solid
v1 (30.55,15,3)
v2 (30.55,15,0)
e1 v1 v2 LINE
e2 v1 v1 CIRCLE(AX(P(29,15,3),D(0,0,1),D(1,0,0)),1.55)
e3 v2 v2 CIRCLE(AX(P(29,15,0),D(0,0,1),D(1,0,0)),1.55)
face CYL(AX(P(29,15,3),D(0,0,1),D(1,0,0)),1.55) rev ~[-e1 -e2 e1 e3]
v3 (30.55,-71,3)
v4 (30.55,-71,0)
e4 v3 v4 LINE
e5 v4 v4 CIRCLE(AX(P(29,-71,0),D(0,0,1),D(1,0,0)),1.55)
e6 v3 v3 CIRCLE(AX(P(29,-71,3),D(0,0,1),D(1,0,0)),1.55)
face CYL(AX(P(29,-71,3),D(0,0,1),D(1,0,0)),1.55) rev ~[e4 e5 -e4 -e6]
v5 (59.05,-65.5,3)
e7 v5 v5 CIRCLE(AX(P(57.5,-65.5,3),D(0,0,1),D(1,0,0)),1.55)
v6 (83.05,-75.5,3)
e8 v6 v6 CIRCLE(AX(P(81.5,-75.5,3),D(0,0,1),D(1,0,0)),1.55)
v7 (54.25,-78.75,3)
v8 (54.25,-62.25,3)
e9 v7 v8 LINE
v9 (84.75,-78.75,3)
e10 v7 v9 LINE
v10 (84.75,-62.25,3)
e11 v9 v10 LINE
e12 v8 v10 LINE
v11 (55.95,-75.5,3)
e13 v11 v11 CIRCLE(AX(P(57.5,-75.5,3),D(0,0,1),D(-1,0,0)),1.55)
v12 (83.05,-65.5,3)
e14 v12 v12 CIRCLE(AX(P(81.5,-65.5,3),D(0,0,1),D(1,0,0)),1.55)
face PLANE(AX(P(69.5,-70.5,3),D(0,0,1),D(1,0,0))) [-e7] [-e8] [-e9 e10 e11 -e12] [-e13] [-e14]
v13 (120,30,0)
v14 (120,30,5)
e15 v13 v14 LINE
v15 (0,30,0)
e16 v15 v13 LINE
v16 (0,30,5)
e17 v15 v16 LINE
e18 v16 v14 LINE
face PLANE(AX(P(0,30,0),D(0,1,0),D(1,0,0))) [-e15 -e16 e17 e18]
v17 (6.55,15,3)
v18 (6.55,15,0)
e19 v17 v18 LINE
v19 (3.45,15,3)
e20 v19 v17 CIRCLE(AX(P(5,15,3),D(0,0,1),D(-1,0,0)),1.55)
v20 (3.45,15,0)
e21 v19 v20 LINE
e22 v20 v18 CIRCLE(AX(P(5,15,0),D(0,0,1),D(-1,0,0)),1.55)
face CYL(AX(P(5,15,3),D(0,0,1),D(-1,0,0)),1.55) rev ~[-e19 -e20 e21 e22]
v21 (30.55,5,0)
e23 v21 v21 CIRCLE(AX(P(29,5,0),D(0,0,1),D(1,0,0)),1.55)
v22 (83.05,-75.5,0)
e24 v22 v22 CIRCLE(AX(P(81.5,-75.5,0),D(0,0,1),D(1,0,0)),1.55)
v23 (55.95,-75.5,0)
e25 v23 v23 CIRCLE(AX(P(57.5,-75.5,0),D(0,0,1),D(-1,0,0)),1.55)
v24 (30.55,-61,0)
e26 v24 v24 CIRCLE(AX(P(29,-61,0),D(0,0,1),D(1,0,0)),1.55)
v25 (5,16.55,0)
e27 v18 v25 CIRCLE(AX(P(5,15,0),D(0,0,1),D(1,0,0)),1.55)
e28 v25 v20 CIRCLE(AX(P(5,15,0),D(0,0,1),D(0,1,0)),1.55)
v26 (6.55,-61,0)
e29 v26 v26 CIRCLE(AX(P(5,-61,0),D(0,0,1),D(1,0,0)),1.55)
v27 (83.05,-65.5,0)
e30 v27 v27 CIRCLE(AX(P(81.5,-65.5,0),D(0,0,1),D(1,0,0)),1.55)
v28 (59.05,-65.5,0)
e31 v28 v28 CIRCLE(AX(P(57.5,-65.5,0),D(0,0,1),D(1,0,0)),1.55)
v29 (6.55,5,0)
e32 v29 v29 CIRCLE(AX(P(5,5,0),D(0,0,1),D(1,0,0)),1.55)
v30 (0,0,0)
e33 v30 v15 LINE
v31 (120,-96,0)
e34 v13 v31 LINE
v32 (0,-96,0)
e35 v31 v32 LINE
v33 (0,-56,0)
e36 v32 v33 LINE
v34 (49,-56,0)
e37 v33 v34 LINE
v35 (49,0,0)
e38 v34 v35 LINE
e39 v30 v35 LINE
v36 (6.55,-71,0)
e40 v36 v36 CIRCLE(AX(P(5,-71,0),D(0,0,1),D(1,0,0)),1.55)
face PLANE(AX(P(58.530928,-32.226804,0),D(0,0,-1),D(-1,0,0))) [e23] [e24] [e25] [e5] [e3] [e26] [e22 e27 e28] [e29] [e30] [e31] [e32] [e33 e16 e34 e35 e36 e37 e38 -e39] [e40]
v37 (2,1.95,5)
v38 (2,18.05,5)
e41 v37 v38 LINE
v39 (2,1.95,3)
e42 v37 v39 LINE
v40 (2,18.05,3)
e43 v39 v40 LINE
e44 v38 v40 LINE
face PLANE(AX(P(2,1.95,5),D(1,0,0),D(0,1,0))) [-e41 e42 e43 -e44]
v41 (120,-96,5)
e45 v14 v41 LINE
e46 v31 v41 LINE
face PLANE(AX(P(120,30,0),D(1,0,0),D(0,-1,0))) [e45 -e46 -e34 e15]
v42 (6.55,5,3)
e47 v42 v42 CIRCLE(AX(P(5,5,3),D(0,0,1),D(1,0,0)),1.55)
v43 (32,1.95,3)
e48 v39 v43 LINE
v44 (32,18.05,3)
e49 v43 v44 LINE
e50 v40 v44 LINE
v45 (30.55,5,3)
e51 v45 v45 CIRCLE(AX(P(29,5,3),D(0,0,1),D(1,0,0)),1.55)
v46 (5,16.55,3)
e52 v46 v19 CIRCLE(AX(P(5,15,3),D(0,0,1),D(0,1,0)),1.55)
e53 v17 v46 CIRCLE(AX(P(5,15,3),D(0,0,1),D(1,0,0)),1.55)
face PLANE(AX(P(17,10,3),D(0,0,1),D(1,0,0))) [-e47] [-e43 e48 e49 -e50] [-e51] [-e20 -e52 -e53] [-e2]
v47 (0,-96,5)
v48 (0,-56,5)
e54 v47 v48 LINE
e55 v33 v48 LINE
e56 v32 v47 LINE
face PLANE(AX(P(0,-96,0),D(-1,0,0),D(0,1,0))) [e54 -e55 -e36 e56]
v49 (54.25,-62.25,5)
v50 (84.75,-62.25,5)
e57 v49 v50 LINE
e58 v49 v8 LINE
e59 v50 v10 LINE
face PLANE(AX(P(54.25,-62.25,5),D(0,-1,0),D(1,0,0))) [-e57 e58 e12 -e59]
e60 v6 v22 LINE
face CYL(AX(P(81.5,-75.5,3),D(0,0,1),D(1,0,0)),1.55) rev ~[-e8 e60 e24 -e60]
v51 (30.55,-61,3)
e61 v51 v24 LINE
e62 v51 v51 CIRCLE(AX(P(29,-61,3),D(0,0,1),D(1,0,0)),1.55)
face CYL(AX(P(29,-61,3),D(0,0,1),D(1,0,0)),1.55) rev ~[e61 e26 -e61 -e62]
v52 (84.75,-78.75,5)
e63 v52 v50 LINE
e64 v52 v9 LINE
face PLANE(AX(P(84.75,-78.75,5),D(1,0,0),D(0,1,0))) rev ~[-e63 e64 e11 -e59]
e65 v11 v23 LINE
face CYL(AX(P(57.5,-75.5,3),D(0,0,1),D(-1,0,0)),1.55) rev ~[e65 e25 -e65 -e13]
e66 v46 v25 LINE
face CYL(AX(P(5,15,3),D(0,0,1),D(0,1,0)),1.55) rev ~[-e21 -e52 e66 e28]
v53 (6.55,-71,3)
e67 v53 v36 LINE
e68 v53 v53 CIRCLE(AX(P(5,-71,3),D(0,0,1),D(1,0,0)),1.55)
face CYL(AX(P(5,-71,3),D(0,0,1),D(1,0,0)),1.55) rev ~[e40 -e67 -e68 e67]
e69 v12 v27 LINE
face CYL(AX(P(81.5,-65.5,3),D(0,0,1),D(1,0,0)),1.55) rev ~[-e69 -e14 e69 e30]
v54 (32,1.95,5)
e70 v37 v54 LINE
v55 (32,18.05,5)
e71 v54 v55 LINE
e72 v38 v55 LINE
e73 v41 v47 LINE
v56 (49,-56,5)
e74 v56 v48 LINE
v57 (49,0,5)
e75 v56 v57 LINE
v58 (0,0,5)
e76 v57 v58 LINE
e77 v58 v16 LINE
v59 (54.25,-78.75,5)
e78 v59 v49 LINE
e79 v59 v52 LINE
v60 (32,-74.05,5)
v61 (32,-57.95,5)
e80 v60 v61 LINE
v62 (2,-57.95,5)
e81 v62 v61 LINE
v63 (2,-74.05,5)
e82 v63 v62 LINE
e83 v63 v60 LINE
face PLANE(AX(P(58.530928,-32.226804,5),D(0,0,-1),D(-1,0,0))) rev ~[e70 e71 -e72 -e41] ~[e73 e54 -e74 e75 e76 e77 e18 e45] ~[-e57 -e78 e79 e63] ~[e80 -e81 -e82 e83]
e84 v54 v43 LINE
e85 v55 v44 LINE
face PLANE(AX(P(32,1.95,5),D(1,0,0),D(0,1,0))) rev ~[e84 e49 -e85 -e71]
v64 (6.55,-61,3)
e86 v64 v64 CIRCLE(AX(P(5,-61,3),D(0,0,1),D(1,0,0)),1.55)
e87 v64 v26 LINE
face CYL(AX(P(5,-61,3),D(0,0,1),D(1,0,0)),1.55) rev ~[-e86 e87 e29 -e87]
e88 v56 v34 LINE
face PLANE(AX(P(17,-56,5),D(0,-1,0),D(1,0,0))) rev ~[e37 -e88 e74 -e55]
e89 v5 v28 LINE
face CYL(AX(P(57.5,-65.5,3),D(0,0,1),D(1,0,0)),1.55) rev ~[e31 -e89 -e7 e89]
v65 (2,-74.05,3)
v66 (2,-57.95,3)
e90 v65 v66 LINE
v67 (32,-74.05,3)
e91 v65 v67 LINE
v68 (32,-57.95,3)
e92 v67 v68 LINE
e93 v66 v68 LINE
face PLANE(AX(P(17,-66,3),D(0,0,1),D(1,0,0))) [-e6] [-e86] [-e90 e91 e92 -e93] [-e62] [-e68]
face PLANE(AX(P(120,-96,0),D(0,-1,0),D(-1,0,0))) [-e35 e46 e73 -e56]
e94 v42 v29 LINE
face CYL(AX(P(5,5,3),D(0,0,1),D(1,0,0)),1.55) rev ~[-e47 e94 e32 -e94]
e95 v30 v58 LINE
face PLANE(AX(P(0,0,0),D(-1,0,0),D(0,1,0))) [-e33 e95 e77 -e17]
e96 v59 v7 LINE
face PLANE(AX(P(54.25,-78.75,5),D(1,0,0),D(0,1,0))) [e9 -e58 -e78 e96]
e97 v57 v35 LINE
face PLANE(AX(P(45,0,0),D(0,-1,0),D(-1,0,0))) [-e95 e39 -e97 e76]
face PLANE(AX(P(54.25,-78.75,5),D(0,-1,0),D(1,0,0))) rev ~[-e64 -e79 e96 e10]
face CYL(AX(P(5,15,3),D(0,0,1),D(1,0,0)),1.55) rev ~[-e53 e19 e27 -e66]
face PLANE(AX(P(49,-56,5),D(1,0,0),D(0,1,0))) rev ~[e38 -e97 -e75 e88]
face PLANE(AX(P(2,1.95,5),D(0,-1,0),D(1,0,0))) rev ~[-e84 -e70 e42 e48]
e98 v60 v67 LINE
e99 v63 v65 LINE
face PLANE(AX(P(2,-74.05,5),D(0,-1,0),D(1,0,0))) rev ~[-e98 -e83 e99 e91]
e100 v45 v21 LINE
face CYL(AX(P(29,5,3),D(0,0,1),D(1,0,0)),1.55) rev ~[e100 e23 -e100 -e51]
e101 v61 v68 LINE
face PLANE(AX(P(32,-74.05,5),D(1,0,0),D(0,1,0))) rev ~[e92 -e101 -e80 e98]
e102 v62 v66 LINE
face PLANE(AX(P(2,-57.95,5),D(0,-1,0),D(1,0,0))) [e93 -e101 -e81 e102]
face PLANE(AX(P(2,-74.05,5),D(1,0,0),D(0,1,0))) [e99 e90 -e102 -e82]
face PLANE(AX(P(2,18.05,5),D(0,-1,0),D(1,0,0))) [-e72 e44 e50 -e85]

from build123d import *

# Parameters (mm, degrees)
EXTRUDE_2_DEPTH     = 5
SKETCH_3_W          = 30
SKETCH_3_H          = 16.1
CUT_EXTRUDE_1_DEPTH = 2
CUT_EXTRUDE_2_REACH = 155.704
SKETCH_4_R          = 1.55
CUT_EXTRUDE_3_REACH = 155.756
SKETCH_5_W          = 32
SKETCH_5_H          = 56
SKETCH_7_W          = 40.5
SKETCH_7_H          = 40.5
EXTRUDE_4_DEPTH     = 2
SKETCH_8_W          = 30.5
SKETCH_8_H          = 16.5
CUT_EXTRUDE_4_DEPTH = 2
SKETCH_9_R          = 1.55
CUT_EXTRUDE_6_DEPTH = 154.727030805
SKETCH_10_W         = 60
SKETCH_10_H         = 45
EXTRUDE_5_DEPTH     = 2
SKETCH_11_W         = 60
SKETCH_11_H         = 45
CUT_EXTRUDE_8_DEPTH = 2


with BuildPart() as part:
    # 草图1 → 凸台-拉伸2 (new body)
    with BuildSketch(Plane.XY):
        Polygon((0, 0), (0, 30), (120, 30), (120, -96), (0, -96), (0, -56), (45, -56), (45, 0), align=None)
    extrude(amount=EXTRUDE_2_DEPTH)

    # 草图3 → 切除-拉伸1 (cut)
    with BuildSketch(Plane.XY.offset(5)):
        with Locations((17, 10)):
            Rectangle(SKETCH_3_W, SKETCH_3_H)
        with Locations((17, -66)):
            Rectangle(SKETCH_3_W, SKETCH_3_H)
    extrude(amount=-CUT_EXTRUDE_1_DEPTH, mode=Mode.SUBTRACT)

    # 草图4 → 切除-拉伸2 (cut, up to next)
    with BuildSketch(Plane.XY.offset(3), mode=Mode.PRIVATE) as cut_extrude_2_sk1:
        with Locations((29, 15)):
            Circle(SKETCH_4_R)
    cut_extrude_2_tool1 = extrude(cut_extrude_2_sk1.sketch, amount=-CUT_EXTRUDE_2_REACH, mode=Mode.PRIVATE) & part.part
    # 草图4 → 切除-拉伸2 (cut, up to next)
    with BuildSketch(Plane.XY.offset(3), mode=Mode.PRIVATE) as cut_extrude_2_sk2:
        with Locations((29, 5)):
            Circle(SKETCH_4_R)
    cut_extrude_2_tool2 = extrude(cut_extrude_2_sk2.sketch, amount=-CUT_EXTRUDE_2_REACH, mode=Mode.PRIVATE) & part.part
    # 草图4 → 切除-拉伸2 (cut, up to next)
    with BuildSketch(Plane.XY.offset(3), mode=Mode.PRIVATE) as cut_extrude_2_sk3:
        with BuildLine():
            ThreePointArc((5, 16.55), (3.903984489, 16.096015511), (3.45, 15))
            Line((3.45, 15), (5, 15))
            Line((5, 15), (5, 16.55))
        make_face()
    cut_extrude_2_tool3 = extrude(cut_extrude_2_sk3.sketch, amount=-CUT_EXTRUDE_2_REACH, mode=Mode.PRIVATE) & part.part
    # 草图4 → 切除-拉伸2 (cut, up to next)
    with BuildSketch(Plane.XY.offset(3), mode=Mode.PRIVATE) as cut_extrude_2_sk4:
        with BuildLine():
            Line((5, 15), (3.45, 15))
            ThreePointArc((3.45, 15), (5, 13.45), (6.55, 15))
            ThreePointArc((6.55, 15), (6.096015511, 16.096015511), (5, 16.55))
            Line((5, 16.55), (5, 15))
        make_face()
    cut_extrude_2_tool4 = extrude(cut_extrude_2_sk4.sketch, amount=-CUT_EXTRUDE_2_REACH, mode=Mode.PRIVATE) & part.part
    # 草图4 → 切除-拉伸2 (cut, up to next)
    with BuildSketch(Plane.XY.offset(3), mode=Mode.PRIVATE) as cut_extrude_2_sk5:
        with BuildLine():
            ThreePointArc((5, 16.55), (3.903984489, 16.096015511), (3.45, 15))
            Line((3.45, 15), (5, 15))
            Line((5, 15), (5, 16.55))
        make_face()
    cut_extrude_2_tool5 = extrude(cut_extrude_2_sk5.sketch, amount=-CUT_EXTRUDE_2_REACH, mode=Mode.PRIVATE) & part.part
    # 草图4 → 切除-拉伸2 (cut, up to next)
    with BuildSketch(Plane.XY.offset(3), mode=Mode.PRIVATE) as cut_extrude_2_sk6:
        with BuildLine():
            Line((5, 15), (3.45, 15))
            ThreePointArc((3.45, 15), (5, 13.45), (6.55, 15))
            ThreePointArc((6.55, 15), (6.096015511, 16.096015511), (5, 16.55))
            Line((5, 16.55), (5, 15))
        make_face()
    cut_extrude_2_tool6 = extrude(cut_extrude_2_sk6.sketch, amount=-CUT_EXTRUDE_2_REACH, mode=Mode.PRIVATE) & part.part
    # 草图4 → 切除-拉伸2 (cut, up to next)
    with BuildSketch(Plane.XY.offset(3), mode=Mode.PRIVATE) as cut_extrude_2_sk7:
        with Locations((5, 5)):
            Circle(SKETCH_4_R)
    cut_extrude_2_tool7 = extrude(cut_extrude_2_sk7.sketch, amount=-CUT_EXTRUDE_2_REACH, mode=Mode.PRIVATE) & part.part
    # 草图4 → 切除-拉伸2 (cut, up to next)
    with BuildSketch(Plane.XY.offset(3), mode=Mode.PRIVATE) as cut_extrude_2_sk8:
        with Locations((5, -61)):
            Circle(SKETCH_4_R)
    cut_extrude_2_tool8 = extrude(cut_extrude_2_sk8.sketch, amount=-CUT_EXTRUDE_2_REACH, mode=Mode.PRIVATE) & part.part
    # 草图4 → 切除-拉伸2 (cut, up to next)
    with BuildSketch(Plane.XY.offset(3), mode=Mode.PRIVATE) as cut_extrude_2_sk9:
        with Locations((5, -71)):
            Circle(SKETCH_4_R)
    cut_extrude_2_tool9 = extrude(cut_extrude_2_sk9.sketch, amount=-CUT_EXTRUDE_2_REACH, mode=Mode.PRIVATE) & part.part
    # 草图4 → 切除-拉伸2 (cut, up to next)
    with BuildSketch(Plane.XY.offset(3), mode=Mode.PRIVATE) as cut_extrude_2_sk10:
        with Locations((29, -61)):
            Circle(SKETCH_4_R)
    cut_extrude_2_tool10 = extrude(cut_extrude_2_sk10.sketch, amount=-CUT_EXTRUDE_2_REACH, mode=Mode.PRIVATE) & part.part
    # 草图4 → 切除-拉伸2 (cut, up to next)
    with BuildSketch(Plane.XY.offset(3), mode=Mode.PRIVATE) as cut_extrude_2_sk11:
        with Locations((29, -71)):
            Circle(SKETCH_4_R)
    cut_extrude_2_tool11 = extrude(cut_extrude_2_sk11.sketch, amount=-CUT_EXTRUDE_2_REACH, mode=Mode.PRIVATE) & part.part
    add(cut_extrude_2_tool1.solids().sort_by_distance((29, 15, 3))[0], mode=Mode.SUBTRACT)
    add(cut_extrude_2_tool2.solids().sort_by_distance((29, 5, 3))[0], mode=Mode.SUBTRACT)
    add(cut_extrude_2_tool3.solids().sort_by_distance((4.34216, 15.65784, 3))[0], mode=Mode.SUBTRACT)
    add(cut_extrude_2_tool4.solids().sort_by_distance((5.21928, 14.78072, 3))[0], mode=Mode.SUBTRACT)
    add(cut_extrude_2_tool5.solids().sort_by_distance((4.34216, 15.65784, 3))[0], mode=Mode.SUBTRACT)
    add(cut_extrude_2_tool6.solids().sort_by_distance((5.21928, 14.78072, 3))[0], mode=Mode.SUBTRACT)
    add(cut_extrude_2_tool7.solids().sort_by_distance((5, 5, 3))[0], mode=Mode.SUBTRACT)
    add(cut_extrude_2_tool8.solids().sort_by_distance((5, -61, 3))[0], mode=Mode.SUBTRACT)
    add(cut_extrude_2_tool9.solids().sort_by_distance((5, -71, 3))[0], mode=Mode.SUBTRACT)
    add(cut_extrude_2_tool10.solids().sort_by_distance((29, -61, 3))[0], mode=Mode.SUBTRACT)
    add(cut_extrude_2_tool11.solids().sort_by_distance((29, -71, 3))[0], mode=Mode.SUBTRACT)

    # 草图5 → 切除-拉伸3 (cut, up to next)
    with BuildSketch(Plane.XY.offset(5), mode=Mode.PRIVATE) as cut_extrude_3_sk1:
        with Locations((33, -28)):
            Rectangle(SKETCH_5_W, SKETCH_5_H)
    cut_extrude_3_tool1 = extrude(cut_extrude_3_sk1.sketch, amount=-CUT_EXTRUDE_3_REACH, mode=Mode.PRIVATE) & part.part
    add(cut_extrude_3_tool1.solids().sort_by_distance((33, -28, 5))[0], mode=Mode.SUBTRACT)

    # 草图7 → 凸台-拉伸4 (add)
    with BuildSketch(Plane.XY.offset(5)):
        with Locations((79.25, -35.75)):
            Rectangle(SKETCH_7_W, SKETCH_7_H)
    extrude(amount=EXTRUDE_4_DEPTH)

    # 草图8 → 切除-拉伸4 (cut)
    with BuildSketch(Plane.XY.offset(5)):
        with Locations((69.5, -70.5)):
            Rectangle(SKETCH_8_W, SKETCH_8_H)
    extrude(amount=-CUT_EXTRUDE_4_DEPTH, mode=Mode.SUBTRACT)

    # 草图9 → 切除-拉伸6 (cut, through all)
    with BuildSketch(Plane.XY.offset(3)):
        with Locations((81.5, -65.5)):
            Circle(SKETCH_9_R)
        with Locations((57.5, -65.5)):
            Circle(SKETCH_9_R)
        with Locations(Location((57.5, -75.5, 0), (0, 0, 180))):
            Circle(SKETCH_9_R)
        with Locations((81.5, -75.5)):
            Circle(SKETCH_9_R)
    extrude(amount=-CUT_EXTRUDE_6_DEPTH, mode=Mode.SUBTRACT)

    # 草图10 → 凸台-拉伸5 (add)
    with BuildSketch(Plane.XY.offset(7)):
        with Locations((89, -33.5)):
            Rectangle(SKETCH_10_W, SKETCH_10_H)
    extrude(amount=-EXTRUDE_5_DEPTH)

    # 草图11 → 切除-拉伸8 (cut)
    with BuildSketch(Plane.XY.offset(5)):
        with Locations((89, -33.5)):
            Rectangle(SKETCH_11_W, SKETCH_11_H)
    extrude(amount=CUT_EXTRUDE_8_DEPTH, mode=Mode.SUBTRACT)


solid = part.part
